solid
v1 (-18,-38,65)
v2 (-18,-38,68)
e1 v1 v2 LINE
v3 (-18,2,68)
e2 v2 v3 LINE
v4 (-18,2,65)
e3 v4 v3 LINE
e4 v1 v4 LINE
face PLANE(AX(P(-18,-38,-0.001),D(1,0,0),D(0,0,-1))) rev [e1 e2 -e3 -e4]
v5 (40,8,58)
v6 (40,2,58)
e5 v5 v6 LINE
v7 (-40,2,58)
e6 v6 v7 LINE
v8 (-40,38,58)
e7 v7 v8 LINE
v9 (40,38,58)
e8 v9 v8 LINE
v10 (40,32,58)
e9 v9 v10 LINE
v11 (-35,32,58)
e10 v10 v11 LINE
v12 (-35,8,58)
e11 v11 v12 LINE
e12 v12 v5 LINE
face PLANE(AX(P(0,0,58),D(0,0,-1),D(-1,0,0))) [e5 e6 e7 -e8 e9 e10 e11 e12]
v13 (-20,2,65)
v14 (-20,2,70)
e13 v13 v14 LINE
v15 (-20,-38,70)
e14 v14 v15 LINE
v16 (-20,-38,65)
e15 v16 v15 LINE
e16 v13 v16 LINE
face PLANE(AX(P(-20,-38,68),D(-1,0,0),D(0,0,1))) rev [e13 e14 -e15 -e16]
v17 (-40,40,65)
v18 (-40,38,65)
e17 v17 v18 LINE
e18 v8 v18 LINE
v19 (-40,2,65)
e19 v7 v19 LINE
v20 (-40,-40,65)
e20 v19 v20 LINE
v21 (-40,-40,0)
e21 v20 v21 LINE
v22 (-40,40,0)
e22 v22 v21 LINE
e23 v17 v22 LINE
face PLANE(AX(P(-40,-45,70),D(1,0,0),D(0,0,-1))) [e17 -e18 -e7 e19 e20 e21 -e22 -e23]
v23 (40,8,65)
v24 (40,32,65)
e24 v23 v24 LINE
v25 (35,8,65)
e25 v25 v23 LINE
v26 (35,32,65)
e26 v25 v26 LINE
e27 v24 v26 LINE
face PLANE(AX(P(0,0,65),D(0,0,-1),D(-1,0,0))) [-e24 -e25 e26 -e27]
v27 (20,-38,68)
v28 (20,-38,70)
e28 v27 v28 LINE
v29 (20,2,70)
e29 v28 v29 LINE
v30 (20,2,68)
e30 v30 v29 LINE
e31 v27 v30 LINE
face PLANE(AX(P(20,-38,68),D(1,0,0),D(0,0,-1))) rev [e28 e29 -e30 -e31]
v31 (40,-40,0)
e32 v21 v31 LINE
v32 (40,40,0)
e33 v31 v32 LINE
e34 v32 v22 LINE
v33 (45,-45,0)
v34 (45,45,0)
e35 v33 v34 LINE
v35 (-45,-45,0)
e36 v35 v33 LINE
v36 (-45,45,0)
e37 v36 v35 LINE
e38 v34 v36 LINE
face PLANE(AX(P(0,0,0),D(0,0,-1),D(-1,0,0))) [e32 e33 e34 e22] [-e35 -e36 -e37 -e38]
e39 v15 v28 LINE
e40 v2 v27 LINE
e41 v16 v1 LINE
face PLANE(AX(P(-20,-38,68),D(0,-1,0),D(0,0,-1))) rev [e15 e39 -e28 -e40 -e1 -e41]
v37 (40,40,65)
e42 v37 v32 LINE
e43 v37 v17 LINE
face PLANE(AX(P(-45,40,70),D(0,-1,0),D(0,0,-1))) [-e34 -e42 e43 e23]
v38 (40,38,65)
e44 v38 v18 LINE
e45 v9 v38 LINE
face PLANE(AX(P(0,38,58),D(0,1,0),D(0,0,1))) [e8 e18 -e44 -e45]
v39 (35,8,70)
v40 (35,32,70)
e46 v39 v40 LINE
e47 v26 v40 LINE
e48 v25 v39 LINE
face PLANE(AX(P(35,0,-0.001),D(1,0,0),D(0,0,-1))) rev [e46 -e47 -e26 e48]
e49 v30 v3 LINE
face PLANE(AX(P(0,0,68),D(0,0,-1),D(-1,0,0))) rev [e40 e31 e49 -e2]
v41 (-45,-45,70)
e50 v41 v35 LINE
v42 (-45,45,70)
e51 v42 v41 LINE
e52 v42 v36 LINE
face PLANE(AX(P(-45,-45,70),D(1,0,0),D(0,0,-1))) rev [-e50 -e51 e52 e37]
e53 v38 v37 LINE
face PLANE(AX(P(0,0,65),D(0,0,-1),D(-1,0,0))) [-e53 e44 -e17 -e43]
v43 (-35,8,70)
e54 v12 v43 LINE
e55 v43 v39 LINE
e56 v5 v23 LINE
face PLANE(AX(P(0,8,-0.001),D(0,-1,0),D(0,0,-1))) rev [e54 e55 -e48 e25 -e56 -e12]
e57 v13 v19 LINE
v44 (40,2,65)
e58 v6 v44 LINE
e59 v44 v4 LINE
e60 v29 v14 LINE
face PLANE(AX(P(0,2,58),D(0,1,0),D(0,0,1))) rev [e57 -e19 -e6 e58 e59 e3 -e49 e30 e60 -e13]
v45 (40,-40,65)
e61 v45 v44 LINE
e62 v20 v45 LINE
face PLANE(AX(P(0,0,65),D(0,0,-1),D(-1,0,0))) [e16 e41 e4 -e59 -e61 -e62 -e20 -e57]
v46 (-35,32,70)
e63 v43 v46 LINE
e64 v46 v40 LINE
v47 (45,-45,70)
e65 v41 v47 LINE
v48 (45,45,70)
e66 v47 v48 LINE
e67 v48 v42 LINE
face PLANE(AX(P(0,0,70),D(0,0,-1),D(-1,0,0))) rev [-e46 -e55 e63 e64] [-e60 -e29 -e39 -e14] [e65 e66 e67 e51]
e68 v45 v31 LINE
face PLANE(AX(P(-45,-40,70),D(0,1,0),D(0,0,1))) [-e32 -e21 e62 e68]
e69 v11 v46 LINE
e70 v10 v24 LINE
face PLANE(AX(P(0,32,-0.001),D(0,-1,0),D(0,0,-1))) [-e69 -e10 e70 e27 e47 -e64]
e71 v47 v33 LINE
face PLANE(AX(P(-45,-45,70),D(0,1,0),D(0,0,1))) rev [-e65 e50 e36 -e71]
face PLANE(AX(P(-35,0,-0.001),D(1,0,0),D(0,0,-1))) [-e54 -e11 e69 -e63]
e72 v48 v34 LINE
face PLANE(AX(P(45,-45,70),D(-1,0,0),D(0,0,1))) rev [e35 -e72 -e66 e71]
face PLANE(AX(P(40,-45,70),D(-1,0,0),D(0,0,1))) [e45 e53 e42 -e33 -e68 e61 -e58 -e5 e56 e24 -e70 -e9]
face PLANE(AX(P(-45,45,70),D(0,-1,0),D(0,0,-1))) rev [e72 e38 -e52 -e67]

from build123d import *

# Parameters (mm, degrees)
SKETCH1_W           = 90
SKETCH1_H           = 90
BOSS_EXTRUDE1_DEPTH = 70
SHELL2_T            = -5
CUT_EXTRUDE1_REACH  = 96.604
SKETCH2_W           = 70
SKETCH2_H           = 24
BOSS_EXTRUDE2_DEPTH = 7
SKETCH5_W           = 40
SKETCH5_H           = 40
CUT_EXTRUDE2_DEPTH  = 2
CUT_EXTRUDE3_REACH  = 95.134
SKETCH6_W           = 2
SKETCH6_H           = 40


with BuildPart() as part:
    # Sketch1 → Boss-Extrude1 (new body)
    with BuildSketch(Plane.XY):
        Rectangle(SKETCH1_W, SKETCH1_H)
    extrude(amount=BOSS_EXTRUDE1_DEPTH)

    # Shell2
    shell2_openings = [part.faces().sort_by_distance(p)[0] for p in [
        (0, 0, 0),
    ]]
    offset(amount=SHELL2_T, openings=shell2_openings, kind=Kind.INTERSECTION)

    # Sketch2 → Cut-Extrude1 (cut, up to next)
    with BuildSketch(Plane.XY.offset(70), mode=Mode.PRIVATE) as cut_extrude1_sk1:
        with Locations((0, 20)):
            Rectangle(SKETCH2_W, SKETCH2_H)
    cut_extrude1_tool1 = extrude(cut_extrude1_sk1.sketch, amount=-CUT_EXTRUDE1_REACH, mode=Mode.PRIVATE) & part.part
    add(cut_extrude1_tool1.solids().sort_by_distance((0, 20, 70))[0], mode=Mode.SUBTRACT)

    # Sketch4 → Boss-Extrude2 (add)
    with BuildSketch(Plane(origin=(0, 0, 65), x_dir=(-1, 0, 0), z_dir=(0, 0, -1))):
        Polygon((-40, 38), (-40, 32), (-35, 32), (35, 32), (35, 8), (-35, 8), (-40, 8), (-40, 2), (40, 2), (40, 38), align=None)
    extrude(amount=BOSS_EXTRUDE2_DEPTH)

    # Sketch5 → Cut-Extrude2 (cut)
    with BuildSketch(Plane.XY.offset(70)):
        with Locations((0, -18)):
            Rectangle(SKETCH5_W, SKETCH5_H)
    extrude(amount=-CUT_EXTRUDE2_DEPTH, mode=Mode.SUBTRACT)

    # Sketch6 → Cut-Extrude3 (cut, up to next)
    with BuildSketch(Plane.XY.offset(68), mode=Mode.PRIVATE) as cut_extrude3_sk1:
        with Locations((-19, -18)):
            Rectangle(SKETCH6_W, SKETCH6_H)
    cut_extrude3_tool1 = extrude(cut_extrude3_sk1.sketch, amount=-CUT_EXTRUDE3_REACH, mode=Mode.PRIVATE) & part.part
    add(cut_extrude3_tool1.solids().sort_by_distance((-19, -18, 68))[0], mode=Mode.SUBTRACT)


solid = part.part
